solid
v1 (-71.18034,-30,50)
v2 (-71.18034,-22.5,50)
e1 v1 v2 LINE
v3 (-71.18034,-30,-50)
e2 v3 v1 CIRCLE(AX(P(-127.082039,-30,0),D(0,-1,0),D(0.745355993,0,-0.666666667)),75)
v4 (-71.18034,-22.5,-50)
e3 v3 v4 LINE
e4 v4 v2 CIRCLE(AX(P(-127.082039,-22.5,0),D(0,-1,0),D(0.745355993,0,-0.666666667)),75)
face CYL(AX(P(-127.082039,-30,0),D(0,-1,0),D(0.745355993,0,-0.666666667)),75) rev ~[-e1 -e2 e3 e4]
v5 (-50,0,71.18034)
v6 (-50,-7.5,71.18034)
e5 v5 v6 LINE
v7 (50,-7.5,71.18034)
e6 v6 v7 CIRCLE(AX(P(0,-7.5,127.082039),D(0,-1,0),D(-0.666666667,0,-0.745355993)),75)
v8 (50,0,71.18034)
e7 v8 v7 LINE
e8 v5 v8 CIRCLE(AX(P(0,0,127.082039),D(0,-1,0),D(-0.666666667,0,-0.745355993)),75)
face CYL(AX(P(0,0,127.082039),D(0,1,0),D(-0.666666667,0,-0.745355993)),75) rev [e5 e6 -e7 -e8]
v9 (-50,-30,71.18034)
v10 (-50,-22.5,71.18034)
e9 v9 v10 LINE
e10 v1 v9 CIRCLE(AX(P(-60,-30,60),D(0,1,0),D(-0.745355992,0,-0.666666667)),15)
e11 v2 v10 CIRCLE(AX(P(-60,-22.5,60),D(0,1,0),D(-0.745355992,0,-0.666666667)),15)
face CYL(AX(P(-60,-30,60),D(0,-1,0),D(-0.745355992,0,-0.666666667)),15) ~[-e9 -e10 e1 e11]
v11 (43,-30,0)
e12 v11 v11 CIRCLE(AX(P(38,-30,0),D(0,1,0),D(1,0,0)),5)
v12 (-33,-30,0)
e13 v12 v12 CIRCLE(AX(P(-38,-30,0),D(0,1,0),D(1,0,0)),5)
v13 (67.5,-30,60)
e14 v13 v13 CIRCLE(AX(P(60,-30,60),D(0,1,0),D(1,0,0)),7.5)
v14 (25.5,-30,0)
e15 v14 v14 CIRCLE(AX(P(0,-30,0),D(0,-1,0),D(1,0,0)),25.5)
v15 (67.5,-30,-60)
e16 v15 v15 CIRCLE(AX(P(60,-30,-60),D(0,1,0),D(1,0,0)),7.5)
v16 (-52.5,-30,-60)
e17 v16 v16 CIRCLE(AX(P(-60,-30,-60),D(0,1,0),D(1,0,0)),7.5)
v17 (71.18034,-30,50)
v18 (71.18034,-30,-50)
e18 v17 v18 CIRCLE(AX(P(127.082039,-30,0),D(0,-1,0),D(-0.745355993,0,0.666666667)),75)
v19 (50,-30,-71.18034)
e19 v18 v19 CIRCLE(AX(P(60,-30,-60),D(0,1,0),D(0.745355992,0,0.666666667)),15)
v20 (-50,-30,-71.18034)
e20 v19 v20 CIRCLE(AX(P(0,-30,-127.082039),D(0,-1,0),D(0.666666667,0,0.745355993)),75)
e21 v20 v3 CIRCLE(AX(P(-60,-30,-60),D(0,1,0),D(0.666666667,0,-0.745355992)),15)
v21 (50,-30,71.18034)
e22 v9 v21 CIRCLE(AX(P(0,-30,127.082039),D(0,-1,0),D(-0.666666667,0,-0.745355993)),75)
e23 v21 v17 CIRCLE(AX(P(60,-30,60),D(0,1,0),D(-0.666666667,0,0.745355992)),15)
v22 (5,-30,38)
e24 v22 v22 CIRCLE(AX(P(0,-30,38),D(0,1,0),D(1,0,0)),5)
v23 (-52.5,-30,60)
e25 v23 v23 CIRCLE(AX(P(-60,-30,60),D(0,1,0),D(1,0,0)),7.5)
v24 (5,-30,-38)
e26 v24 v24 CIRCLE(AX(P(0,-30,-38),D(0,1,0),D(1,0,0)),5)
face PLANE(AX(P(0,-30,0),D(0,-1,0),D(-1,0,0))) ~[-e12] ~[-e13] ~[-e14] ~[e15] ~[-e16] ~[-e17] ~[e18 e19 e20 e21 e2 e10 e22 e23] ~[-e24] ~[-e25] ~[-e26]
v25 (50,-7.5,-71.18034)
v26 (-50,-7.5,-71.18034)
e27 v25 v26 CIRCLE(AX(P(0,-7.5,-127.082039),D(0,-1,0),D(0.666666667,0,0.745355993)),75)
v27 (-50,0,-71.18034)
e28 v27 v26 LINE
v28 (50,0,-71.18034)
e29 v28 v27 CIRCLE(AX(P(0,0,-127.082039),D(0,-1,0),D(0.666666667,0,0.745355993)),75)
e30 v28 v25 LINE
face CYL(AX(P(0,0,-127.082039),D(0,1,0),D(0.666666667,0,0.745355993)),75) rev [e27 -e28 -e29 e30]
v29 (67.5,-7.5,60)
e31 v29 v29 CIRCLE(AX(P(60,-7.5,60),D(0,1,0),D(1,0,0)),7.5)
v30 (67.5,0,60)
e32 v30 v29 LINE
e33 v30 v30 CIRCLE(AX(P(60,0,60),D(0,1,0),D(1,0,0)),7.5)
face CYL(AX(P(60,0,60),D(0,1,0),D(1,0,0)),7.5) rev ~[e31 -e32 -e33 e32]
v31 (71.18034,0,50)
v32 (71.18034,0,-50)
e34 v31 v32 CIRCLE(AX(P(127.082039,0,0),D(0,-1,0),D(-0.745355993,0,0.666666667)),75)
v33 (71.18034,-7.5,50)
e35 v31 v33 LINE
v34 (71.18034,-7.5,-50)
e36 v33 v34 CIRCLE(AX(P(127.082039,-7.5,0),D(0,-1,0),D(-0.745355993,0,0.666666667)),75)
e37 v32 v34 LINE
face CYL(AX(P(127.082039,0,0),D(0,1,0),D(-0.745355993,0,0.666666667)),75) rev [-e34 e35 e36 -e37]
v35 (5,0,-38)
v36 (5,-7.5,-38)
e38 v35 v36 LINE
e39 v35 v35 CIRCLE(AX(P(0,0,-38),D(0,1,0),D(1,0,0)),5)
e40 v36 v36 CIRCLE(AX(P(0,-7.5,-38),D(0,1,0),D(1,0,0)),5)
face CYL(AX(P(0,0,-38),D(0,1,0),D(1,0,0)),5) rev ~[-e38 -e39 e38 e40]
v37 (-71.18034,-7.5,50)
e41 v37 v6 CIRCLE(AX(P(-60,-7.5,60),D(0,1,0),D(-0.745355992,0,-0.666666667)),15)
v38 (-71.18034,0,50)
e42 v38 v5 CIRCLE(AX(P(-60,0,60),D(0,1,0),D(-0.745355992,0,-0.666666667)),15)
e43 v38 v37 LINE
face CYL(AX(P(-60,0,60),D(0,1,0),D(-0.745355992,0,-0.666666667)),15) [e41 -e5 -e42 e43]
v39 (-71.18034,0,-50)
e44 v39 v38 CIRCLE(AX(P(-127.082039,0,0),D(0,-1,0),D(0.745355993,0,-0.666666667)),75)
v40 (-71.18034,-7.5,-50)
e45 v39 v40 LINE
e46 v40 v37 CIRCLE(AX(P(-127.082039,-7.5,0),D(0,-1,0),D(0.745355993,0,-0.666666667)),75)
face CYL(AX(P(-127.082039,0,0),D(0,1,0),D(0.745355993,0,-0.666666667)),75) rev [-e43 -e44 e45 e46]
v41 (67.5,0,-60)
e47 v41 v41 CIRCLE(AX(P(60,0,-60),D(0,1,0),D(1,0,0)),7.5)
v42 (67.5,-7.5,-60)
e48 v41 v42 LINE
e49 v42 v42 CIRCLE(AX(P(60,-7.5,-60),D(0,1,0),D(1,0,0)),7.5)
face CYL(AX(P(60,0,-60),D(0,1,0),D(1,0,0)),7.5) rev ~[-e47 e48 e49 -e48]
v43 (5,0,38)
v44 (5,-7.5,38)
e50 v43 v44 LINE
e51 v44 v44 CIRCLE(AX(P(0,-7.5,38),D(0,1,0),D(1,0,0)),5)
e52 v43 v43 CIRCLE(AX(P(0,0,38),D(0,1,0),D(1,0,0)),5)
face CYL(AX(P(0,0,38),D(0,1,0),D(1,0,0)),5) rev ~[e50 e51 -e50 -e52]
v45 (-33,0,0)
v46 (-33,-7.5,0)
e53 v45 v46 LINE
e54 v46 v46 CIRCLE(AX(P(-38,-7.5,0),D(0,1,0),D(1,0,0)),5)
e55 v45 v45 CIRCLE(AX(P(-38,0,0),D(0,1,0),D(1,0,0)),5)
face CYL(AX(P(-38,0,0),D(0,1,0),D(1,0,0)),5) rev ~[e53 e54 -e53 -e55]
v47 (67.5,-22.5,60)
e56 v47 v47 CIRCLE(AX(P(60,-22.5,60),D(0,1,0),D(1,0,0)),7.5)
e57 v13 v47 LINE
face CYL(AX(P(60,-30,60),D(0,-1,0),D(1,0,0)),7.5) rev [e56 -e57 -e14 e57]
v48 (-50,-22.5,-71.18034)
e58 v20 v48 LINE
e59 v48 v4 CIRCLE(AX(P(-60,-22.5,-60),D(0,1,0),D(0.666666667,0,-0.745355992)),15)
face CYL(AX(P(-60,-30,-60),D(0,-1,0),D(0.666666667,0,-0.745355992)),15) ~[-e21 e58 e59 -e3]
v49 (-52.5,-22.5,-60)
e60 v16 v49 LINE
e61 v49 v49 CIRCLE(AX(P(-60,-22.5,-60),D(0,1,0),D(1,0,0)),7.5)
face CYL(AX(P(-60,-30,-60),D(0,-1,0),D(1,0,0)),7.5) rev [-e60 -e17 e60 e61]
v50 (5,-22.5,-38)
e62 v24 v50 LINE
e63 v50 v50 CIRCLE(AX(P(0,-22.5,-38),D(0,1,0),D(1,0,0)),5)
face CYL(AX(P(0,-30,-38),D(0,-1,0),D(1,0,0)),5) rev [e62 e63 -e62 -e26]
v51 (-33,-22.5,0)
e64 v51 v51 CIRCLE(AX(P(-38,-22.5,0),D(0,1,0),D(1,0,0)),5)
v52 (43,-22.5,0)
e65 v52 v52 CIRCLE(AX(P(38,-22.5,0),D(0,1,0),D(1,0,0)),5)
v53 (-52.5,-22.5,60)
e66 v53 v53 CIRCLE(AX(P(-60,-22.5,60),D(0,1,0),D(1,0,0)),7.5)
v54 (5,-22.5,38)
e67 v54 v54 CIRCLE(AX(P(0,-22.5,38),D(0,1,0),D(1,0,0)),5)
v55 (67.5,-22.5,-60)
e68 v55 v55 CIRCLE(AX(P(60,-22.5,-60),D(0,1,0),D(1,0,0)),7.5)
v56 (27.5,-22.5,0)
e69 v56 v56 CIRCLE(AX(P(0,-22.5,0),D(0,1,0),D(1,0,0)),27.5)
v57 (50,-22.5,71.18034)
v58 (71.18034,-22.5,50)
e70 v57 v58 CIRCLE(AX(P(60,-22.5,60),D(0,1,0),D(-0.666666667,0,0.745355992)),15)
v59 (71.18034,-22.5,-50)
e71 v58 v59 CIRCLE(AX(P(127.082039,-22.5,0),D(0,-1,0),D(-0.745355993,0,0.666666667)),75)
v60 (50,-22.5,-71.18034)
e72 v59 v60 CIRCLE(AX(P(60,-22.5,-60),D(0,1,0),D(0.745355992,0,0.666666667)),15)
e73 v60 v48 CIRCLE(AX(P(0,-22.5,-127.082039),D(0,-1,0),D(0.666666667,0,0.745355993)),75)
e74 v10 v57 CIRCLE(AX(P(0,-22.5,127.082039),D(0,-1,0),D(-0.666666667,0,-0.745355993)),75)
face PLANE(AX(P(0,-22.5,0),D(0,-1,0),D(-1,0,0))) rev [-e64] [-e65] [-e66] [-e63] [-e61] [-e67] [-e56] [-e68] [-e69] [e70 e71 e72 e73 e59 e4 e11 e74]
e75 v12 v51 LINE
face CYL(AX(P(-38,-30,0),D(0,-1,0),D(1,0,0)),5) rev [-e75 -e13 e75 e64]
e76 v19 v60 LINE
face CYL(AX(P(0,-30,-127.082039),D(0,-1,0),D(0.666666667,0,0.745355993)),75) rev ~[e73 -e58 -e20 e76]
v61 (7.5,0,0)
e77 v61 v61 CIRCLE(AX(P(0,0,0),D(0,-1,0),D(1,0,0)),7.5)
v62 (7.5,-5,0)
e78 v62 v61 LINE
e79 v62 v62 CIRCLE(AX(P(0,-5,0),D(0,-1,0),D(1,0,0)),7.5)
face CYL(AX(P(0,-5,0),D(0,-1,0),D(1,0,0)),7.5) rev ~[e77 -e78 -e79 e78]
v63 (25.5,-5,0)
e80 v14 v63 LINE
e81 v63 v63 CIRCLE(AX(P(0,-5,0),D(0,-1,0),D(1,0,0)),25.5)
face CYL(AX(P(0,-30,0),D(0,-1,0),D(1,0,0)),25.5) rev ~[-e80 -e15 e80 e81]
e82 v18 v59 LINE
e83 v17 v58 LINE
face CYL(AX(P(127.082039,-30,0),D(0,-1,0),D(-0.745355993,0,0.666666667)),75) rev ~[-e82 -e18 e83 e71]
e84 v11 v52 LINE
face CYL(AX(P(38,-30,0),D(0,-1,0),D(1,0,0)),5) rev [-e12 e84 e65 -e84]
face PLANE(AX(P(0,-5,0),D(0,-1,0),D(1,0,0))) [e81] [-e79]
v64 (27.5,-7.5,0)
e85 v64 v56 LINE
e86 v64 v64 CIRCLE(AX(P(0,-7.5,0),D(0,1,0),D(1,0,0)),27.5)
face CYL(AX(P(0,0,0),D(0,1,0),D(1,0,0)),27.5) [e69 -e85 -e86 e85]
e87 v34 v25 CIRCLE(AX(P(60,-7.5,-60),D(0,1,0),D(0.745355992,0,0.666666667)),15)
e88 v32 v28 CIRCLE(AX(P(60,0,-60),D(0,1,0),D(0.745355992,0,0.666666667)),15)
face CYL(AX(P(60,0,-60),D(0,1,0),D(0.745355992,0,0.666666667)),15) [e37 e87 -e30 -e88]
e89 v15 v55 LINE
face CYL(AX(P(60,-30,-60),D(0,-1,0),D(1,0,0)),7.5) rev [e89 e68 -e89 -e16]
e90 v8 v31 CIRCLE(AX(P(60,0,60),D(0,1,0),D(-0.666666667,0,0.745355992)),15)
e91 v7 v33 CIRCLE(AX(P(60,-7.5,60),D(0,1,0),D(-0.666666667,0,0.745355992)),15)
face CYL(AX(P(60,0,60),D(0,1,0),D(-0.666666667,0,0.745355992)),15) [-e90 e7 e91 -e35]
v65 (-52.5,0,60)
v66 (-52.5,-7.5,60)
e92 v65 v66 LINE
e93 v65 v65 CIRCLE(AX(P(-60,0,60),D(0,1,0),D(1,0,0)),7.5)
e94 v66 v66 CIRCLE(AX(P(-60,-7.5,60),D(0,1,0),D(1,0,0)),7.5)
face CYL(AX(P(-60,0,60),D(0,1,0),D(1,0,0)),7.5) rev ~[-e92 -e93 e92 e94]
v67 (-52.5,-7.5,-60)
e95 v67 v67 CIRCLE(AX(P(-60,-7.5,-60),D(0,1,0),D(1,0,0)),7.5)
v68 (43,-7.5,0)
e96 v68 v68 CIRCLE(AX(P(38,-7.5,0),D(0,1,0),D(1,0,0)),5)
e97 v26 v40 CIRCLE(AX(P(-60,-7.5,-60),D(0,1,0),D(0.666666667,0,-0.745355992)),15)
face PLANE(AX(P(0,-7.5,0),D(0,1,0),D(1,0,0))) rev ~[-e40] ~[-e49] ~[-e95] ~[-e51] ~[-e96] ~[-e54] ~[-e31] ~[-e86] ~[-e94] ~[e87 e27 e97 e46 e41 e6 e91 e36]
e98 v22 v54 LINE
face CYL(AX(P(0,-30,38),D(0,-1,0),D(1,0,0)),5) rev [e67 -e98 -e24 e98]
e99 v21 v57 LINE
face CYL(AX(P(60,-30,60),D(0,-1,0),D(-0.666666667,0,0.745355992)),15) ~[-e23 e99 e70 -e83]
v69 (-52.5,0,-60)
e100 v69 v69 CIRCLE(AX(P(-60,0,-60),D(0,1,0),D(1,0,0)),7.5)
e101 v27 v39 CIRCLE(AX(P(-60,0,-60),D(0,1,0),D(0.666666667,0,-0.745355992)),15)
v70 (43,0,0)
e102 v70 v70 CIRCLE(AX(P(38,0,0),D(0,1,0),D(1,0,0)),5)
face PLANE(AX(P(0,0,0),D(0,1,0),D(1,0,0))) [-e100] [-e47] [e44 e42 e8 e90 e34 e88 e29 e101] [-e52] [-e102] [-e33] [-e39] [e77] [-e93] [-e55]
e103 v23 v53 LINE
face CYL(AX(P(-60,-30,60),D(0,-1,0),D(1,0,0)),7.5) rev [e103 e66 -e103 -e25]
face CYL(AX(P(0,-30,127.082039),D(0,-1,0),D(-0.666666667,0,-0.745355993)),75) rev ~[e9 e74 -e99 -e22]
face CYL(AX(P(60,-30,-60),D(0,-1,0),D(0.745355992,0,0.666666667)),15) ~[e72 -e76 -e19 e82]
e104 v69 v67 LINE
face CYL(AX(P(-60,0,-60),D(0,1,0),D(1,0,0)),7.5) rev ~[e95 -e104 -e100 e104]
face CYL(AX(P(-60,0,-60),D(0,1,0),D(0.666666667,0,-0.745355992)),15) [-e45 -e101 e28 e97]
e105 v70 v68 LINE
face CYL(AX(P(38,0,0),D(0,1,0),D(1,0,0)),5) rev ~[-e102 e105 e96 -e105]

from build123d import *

# Parameters (mm, degrees)
SKETCH1_R           = 27.5
SKETCH1_R_2         = 7.5
SKETCH1_R_3         = 5
BOSS_EXTRUDE1_DEPTH = 7.5
SKETCH2_R           = 27.5
BOSS_EXTRUDE2_DEPTH = 30
SKETCH3_R           = 25.5
CUT_EXTRUDE1_DEPTH  = 25
SKETCH4_R           = 7.5
CUT_EXTRUDE2_DEPTH  = 25


with BuildPart() as part:
    # Sketch1 → Boss-Extrude1 (new body)
    with BuildSketch(Plane(origin=(0, 0, 0), x_dir=(1, 0, 0), z_dir=(0, 1, 0))):
        with BuildLine():
            ThreePointArc((-50, 71.180339887), (-70.606601718, 70.606601718), (-71.180339887, 50))
            ThreePointArc((-71.180339887, 50), (-52.082039325, 0), (-71.180339887, -50))
            ThreePointArc((-71.180339887, -50), (-70.606601718, -70.606601718), (-50, -71.180339887))
            ThreePointArc((-50, -71.180339887), (0, -52.082039325), (50, -71.180339887))
            ThreePointArc((50, -71.180339887), (70.606601718, -70.606601718), (71.180339887, -50))
            ThreePointArc((71.180339887, -50), (52.082039325, 0), (71.180339887, 50))
            ThreePointArc((71.180339887, 50), (70.606601718, 70.606601718), (50, 71.180339887))
            ThreePointArc((50, 71.180339887), (0, 52.082039325), (-50, 71.180339887))
        make_face()
        Circle(SKETCH1_R, mode=Mode.SUBTRACT)
        with Locations((-60, 60)):
            Circle(SKETCH1_R_2, mode=Mode.SUBTRACT)
        with Locations((60, 60)):
            Circle(SKETCH1_R_2, mode=Mode.SUBTRACT)
        with Locations((-60, -60)):
            Circle(SKETCH1_R_2, mode=Mode.SUBTRACT)
        with Locations((60, -60)):
            Circle(SKETCH1_R_2, mode=Mode.SUBTRACT)
        with Locations((0, 38)):
            Circle(SKETCH1_R_3, mode=Mode.SUBTRACT)
        with Locations((-38, 0)):
            Circle(SKETCH1_R_3, mode=Mode.SUBTRACT)
        with Locations((0, -38)):
            Circle(SKETCH1_R_3, mode=Mode.SUBTRACT)
        with Locations((38, 0)):
            Circle(SKETCH1_R_3, mode=Mode.SUBTRACT)
    boss_extrude1 = extrude(amount=-BOSS_EXTRUDE1_DEPTH)

    # Sketch2 → Boss-Extrude2 (add)
    with BuildSketch(Plane(origin=(0, 0, 0), x_dir=(1, 0, 0), z_dir=(0, 1, 0))):
        Circle(SKETCH2_R)
    extrude(amount=-BOSS_EXTRUDE2_DEPTH)

    # Sketch3 → Cut-Extrude1 (cut)
    with BuildSketch(Plane.XZ.offset(30)):
        Circle(SKETCH3_R)
    extrude(amount=-CUT_EXTRUDE1_DEPTH, mode=Mode.SUBTRACT)

    # Sketch4 → Cut-Extrude2 (cut)
    with BuildSketch(Plane.XZ.offset(5)):
        Circle(SKETCH4_R)
    extrude(amount=-CUT_EXTRUDE2_DEPTH, mode=Mode.SUBTRACT)

    # Mirror1: Boss-Extrude1 across plane
    add(boss_extrude1.mirror(Plane.ZX.offset(-15)))


solid = part.part
